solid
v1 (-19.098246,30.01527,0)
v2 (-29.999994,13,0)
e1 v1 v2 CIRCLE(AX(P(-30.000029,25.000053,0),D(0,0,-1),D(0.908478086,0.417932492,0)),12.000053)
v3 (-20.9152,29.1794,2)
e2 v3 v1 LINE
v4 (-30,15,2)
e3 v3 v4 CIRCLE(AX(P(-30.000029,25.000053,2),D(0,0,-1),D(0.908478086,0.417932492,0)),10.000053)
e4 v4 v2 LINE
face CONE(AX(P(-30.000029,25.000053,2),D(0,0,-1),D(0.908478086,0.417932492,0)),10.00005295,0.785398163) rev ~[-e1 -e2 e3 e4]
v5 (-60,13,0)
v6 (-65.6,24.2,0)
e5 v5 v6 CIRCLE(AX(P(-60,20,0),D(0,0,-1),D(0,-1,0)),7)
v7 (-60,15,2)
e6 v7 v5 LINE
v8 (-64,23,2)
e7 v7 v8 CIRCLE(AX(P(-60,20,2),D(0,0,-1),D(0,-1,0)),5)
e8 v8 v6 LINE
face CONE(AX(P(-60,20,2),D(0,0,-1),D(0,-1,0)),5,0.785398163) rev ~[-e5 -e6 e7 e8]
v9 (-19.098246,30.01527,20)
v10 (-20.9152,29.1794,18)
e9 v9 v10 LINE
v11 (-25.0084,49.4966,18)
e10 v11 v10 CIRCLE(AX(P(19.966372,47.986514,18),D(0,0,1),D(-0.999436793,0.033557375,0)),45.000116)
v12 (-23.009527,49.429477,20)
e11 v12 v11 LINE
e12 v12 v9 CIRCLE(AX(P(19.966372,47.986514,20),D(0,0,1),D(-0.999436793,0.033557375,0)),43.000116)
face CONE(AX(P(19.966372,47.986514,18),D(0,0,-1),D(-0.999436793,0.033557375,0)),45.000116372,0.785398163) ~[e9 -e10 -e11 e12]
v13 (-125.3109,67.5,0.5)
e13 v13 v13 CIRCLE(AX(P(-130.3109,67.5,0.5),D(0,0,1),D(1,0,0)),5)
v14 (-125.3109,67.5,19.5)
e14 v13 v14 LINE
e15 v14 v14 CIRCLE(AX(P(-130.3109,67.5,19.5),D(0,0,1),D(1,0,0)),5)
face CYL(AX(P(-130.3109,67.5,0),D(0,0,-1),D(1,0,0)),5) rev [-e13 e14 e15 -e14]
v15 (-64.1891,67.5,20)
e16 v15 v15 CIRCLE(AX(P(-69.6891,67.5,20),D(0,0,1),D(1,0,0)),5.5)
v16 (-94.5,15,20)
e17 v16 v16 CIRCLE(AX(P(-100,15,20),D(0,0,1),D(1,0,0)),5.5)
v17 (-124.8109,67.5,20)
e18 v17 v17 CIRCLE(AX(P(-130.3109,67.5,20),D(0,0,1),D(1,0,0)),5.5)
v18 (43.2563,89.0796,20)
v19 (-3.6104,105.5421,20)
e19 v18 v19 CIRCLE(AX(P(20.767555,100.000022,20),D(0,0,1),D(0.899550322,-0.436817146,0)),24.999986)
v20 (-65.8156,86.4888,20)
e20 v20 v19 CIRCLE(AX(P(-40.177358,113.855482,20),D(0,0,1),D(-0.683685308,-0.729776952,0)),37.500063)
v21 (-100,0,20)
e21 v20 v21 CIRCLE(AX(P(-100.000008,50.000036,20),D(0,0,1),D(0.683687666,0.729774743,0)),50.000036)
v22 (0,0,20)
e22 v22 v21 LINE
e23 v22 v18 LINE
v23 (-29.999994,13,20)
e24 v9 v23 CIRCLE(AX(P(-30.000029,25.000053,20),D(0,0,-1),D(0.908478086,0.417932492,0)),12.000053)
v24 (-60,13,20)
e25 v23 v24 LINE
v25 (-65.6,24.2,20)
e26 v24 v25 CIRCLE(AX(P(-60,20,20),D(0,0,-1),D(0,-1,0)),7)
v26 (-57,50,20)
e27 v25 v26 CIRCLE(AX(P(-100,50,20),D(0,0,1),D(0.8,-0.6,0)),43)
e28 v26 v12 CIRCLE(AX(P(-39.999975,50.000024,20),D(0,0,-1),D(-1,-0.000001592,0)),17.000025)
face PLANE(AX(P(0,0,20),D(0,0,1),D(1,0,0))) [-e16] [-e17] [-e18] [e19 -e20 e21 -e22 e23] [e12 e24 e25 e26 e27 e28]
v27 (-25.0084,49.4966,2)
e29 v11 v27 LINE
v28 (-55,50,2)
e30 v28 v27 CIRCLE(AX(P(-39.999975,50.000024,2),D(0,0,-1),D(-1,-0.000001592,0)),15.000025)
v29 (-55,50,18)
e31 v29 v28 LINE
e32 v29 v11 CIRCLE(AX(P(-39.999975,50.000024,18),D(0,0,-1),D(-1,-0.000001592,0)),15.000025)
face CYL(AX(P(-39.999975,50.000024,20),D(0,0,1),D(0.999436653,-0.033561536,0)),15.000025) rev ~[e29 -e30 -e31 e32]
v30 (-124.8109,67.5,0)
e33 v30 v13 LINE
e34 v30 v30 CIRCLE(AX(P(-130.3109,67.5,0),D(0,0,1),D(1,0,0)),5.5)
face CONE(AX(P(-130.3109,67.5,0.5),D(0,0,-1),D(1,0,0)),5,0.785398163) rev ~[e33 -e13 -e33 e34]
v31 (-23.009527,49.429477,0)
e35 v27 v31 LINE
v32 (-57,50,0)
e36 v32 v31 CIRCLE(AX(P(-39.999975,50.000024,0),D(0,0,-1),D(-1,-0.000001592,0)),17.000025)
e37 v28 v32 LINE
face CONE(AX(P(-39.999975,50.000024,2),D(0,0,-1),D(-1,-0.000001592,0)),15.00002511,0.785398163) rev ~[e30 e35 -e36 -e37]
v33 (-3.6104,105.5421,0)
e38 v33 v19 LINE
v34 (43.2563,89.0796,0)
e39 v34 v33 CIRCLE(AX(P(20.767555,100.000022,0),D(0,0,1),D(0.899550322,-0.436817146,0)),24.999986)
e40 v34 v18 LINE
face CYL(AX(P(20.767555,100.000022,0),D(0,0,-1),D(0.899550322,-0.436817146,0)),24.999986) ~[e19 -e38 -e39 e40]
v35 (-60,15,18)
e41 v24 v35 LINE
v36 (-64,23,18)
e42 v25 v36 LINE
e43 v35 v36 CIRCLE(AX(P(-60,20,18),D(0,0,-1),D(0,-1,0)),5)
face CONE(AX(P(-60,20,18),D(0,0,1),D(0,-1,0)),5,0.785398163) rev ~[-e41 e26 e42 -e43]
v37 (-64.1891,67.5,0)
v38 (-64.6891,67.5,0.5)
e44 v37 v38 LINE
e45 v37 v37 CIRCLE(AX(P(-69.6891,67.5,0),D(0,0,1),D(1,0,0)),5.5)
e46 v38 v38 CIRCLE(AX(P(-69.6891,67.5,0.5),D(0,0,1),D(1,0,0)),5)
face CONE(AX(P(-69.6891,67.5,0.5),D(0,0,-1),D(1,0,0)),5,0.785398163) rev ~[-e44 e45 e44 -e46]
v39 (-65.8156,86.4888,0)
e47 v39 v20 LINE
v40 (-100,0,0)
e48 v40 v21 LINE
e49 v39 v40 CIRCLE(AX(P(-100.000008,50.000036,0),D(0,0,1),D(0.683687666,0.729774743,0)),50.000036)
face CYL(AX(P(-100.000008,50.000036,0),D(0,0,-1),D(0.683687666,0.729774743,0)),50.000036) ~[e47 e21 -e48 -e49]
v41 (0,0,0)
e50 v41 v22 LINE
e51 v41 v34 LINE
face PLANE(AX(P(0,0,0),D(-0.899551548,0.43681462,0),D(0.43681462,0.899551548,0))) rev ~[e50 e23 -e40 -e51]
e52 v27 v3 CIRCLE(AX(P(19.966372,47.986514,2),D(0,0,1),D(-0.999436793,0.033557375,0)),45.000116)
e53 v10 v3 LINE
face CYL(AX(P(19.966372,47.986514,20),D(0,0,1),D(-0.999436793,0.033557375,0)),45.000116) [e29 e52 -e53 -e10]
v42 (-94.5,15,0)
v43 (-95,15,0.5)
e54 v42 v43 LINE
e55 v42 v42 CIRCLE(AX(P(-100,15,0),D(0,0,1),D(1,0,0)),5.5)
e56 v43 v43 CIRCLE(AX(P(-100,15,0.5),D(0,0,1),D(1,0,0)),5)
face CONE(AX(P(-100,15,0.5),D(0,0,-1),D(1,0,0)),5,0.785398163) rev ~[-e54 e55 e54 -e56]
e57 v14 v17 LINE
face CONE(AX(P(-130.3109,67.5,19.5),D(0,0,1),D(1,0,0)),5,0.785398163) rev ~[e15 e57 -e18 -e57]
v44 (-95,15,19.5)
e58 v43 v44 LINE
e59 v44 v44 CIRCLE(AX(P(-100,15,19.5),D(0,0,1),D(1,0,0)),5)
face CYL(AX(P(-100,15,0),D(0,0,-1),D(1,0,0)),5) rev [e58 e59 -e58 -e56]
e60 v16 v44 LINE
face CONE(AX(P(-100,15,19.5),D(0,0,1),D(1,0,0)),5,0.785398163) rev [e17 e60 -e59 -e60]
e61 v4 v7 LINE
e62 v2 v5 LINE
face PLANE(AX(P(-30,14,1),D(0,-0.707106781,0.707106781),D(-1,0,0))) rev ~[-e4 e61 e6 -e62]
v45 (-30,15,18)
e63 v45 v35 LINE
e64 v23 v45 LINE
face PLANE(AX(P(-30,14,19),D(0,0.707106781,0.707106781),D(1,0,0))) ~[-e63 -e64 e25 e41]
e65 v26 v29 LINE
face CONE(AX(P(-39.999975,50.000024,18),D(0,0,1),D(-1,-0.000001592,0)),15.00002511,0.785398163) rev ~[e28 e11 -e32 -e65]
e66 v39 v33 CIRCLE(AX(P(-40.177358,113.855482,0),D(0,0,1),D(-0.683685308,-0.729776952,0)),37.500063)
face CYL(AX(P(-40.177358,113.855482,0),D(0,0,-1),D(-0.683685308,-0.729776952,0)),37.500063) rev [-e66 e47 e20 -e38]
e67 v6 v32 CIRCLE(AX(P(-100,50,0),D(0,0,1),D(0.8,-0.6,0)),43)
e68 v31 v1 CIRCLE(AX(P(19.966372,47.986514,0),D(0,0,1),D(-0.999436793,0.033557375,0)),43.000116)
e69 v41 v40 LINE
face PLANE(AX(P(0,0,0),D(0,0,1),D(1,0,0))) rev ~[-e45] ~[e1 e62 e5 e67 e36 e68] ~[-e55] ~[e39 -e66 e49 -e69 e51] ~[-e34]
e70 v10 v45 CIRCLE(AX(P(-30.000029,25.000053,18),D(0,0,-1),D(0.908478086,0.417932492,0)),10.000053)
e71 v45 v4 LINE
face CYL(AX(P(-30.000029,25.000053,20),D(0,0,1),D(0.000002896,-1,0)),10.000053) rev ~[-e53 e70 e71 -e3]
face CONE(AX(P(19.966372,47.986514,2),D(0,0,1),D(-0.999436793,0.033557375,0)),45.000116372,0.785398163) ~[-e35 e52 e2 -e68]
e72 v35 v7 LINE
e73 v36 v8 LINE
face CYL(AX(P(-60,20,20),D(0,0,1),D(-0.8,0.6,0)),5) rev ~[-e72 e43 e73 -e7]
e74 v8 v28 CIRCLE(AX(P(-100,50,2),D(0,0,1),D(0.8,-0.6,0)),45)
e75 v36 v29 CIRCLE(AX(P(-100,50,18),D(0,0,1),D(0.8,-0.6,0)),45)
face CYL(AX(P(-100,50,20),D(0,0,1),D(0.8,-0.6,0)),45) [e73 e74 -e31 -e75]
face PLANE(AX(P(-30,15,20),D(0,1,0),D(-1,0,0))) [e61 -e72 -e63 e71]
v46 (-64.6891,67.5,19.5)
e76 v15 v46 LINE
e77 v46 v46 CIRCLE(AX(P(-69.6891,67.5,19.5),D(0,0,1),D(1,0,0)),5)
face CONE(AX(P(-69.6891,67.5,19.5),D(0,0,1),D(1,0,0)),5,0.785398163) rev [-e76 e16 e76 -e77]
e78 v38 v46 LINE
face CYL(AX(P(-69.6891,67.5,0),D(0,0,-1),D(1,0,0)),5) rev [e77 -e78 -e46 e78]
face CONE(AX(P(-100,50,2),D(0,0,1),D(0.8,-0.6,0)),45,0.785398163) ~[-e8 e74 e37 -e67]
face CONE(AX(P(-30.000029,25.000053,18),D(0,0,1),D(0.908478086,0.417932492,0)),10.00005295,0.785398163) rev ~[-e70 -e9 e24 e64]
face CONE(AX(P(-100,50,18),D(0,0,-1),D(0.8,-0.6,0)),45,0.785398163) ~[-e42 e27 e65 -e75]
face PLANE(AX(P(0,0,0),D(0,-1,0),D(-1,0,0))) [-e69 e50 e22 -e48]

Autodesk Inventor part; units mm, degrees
ref_plane "YZ Plane" through (0, 0, 0) normal (1, 0, 0) x (0, 1, 0)
ref_plane "XZ Plane" through (0, 0, 0) normal (0, 1, 0) x (-1, 0, 0)
ref_plane "XY Plane" through (0, 0, 0) normal (0, 0, 1) x (1, 0, 0)
sketch "Sketch1" plane through (0, 0, 0) normal (0, 0, 1) x (1, 0, 0)
  arc A0 (-65.8156, 86.4888) -> (-100, 0) centre (-100, 50) ccw
  line L0 (0, 0) -> (-100, 0)
  circle A1 centre (-100, 15) radius 5
  circle A2 centre (-69.6891, 67.5) radius 5
  circle A3 centre (-130.3109, 67.5) radius 5
  arc A4 (-65.8156, 86.4888) -> (-3.6104, 105.5421) centre (-40.1774, 113.8553) ccw
  arc A5 (43.2563, 89.0796) -> (-3.6104, 105.5421) centre (20.7675, 100) ccw
  line L1 (0, 0) -> (43.2563, 89.0796)
  arc A6 (-64, 23) -> (-55, 50) centre (-100, 50) ccw
  arc A7 (-64, 23) -> (-60, 15) centre (-60, 20) ccw
  line L2 (-30, 15) -> (-60, 15)
  arc A8 (-25.0084, 49.4966) -> (-55, 50) centre (-40, 50) ccw
  arc A9 (-30, 15) -> (-20.9152, 29.1794) centre (-30, 25) ccw
  arc A10 (-25.0084, 49.4966) -> (-20.9152, 29.1794) centre (19.9662, 47.9865) ccw
  point P0 (-45, 15)
  dimension "d4" = 100
  dimension "d5" = 10
  dimension "d6" = 35
  dimension "d9" = 360
  dimension "d21" = 15
  dimension "d22" = 25
  dimension "d25" = 5
  dimension "d26" = 50
  dimension "d27" = 37.5
  dimension "d28" = 17.5
  dimension "d29" = 35
  dimension "d30" = 45
  dimension "d32" = 50
  dimension "d52" = 60
  dimension "d55" = 30
  dimension "d56" = 45
  dimension "d57" = 10
  dimension "d58" = 15
extrude "Extrusion1" add sketch "Sketch1" along normal blind 20 contours A4 A5 L1 L0 A0 | A6 A8 A10 A9 L2 A7
sketch "Sketch2" plane through (0, 0, 20) normal (0, 0, 1) x (1, 0, 0)
  arc A0 (-25.0084, 49.4966) -> (-55, 50) centre (-40, 50) ccw
  arc A1 (-25.0084, 49.4966) -> (-20.9152, 29.1794) centre (19.9662, 47.9865) ccw
  arc A2 (-64, 23) -> (-60, 15) centre (-60, 20) ccw
  arc A3 (-30, 15) -> (-20.9152, 29.1794) centre (-30, 25) ccw
  line L0 (-100, 0) -> (0, 0) projected
  arc A4 (-64, 23) -> (-55, 50) centre (-100, 50) ccw
  line L1 (-30, 15) -> (-60, 15)
  dimension "d65" = 50
  dimension "d69" = 30
  dimension "d70" = 15
extrude "Extrusion2" cut sketch "Sketch2" against normal blind 20
chamfer "Chamfer1" distance 2 angle 45 6 edges at (-57.3093, 35.7698, 20) (-39.7483, 64.9979, 20) (-24.1475, 39.0991, 20) (-21.58, 19.6053, 20) (-45, 15, 20) (-64.4721, 17.7639, 20)
chamfer "Chamfer2" distance 2 angle 45 6 edges at (-57.3093, 35.7698, 0) (-64.4721, 17.7639, 0) (-45, 15, 0) (-21.58, 19.6053, 0) (-24.1475, 39.0991, 0) (-39.7483, 64.9979, 0)
chamfer "Chamfer3" distance 0.5 angle 45 3 edges at (-135.3109, 67.5, 0) (-74.6891, 67.5, 0) (-105, 15, 0)
chamfer "Chamfer4" distance 0.5 angle 45 3 edges at (-74.6891, 67.5, 20) (-135.3109, 67.5, 20) (-105, 15, 20)
thread "Thread4" size "M10x1.5" class "6H" standard "ANSI Metric M Profile" full length
thread "Thread5" size "M10x1.5" class "6H" standard "ANSI Metric M Profile" full length
thread "Thread6" size "M10x1.5" class "6H" standard "ANSI Metric M Profile" full length
properties part number "Curve Disc"
